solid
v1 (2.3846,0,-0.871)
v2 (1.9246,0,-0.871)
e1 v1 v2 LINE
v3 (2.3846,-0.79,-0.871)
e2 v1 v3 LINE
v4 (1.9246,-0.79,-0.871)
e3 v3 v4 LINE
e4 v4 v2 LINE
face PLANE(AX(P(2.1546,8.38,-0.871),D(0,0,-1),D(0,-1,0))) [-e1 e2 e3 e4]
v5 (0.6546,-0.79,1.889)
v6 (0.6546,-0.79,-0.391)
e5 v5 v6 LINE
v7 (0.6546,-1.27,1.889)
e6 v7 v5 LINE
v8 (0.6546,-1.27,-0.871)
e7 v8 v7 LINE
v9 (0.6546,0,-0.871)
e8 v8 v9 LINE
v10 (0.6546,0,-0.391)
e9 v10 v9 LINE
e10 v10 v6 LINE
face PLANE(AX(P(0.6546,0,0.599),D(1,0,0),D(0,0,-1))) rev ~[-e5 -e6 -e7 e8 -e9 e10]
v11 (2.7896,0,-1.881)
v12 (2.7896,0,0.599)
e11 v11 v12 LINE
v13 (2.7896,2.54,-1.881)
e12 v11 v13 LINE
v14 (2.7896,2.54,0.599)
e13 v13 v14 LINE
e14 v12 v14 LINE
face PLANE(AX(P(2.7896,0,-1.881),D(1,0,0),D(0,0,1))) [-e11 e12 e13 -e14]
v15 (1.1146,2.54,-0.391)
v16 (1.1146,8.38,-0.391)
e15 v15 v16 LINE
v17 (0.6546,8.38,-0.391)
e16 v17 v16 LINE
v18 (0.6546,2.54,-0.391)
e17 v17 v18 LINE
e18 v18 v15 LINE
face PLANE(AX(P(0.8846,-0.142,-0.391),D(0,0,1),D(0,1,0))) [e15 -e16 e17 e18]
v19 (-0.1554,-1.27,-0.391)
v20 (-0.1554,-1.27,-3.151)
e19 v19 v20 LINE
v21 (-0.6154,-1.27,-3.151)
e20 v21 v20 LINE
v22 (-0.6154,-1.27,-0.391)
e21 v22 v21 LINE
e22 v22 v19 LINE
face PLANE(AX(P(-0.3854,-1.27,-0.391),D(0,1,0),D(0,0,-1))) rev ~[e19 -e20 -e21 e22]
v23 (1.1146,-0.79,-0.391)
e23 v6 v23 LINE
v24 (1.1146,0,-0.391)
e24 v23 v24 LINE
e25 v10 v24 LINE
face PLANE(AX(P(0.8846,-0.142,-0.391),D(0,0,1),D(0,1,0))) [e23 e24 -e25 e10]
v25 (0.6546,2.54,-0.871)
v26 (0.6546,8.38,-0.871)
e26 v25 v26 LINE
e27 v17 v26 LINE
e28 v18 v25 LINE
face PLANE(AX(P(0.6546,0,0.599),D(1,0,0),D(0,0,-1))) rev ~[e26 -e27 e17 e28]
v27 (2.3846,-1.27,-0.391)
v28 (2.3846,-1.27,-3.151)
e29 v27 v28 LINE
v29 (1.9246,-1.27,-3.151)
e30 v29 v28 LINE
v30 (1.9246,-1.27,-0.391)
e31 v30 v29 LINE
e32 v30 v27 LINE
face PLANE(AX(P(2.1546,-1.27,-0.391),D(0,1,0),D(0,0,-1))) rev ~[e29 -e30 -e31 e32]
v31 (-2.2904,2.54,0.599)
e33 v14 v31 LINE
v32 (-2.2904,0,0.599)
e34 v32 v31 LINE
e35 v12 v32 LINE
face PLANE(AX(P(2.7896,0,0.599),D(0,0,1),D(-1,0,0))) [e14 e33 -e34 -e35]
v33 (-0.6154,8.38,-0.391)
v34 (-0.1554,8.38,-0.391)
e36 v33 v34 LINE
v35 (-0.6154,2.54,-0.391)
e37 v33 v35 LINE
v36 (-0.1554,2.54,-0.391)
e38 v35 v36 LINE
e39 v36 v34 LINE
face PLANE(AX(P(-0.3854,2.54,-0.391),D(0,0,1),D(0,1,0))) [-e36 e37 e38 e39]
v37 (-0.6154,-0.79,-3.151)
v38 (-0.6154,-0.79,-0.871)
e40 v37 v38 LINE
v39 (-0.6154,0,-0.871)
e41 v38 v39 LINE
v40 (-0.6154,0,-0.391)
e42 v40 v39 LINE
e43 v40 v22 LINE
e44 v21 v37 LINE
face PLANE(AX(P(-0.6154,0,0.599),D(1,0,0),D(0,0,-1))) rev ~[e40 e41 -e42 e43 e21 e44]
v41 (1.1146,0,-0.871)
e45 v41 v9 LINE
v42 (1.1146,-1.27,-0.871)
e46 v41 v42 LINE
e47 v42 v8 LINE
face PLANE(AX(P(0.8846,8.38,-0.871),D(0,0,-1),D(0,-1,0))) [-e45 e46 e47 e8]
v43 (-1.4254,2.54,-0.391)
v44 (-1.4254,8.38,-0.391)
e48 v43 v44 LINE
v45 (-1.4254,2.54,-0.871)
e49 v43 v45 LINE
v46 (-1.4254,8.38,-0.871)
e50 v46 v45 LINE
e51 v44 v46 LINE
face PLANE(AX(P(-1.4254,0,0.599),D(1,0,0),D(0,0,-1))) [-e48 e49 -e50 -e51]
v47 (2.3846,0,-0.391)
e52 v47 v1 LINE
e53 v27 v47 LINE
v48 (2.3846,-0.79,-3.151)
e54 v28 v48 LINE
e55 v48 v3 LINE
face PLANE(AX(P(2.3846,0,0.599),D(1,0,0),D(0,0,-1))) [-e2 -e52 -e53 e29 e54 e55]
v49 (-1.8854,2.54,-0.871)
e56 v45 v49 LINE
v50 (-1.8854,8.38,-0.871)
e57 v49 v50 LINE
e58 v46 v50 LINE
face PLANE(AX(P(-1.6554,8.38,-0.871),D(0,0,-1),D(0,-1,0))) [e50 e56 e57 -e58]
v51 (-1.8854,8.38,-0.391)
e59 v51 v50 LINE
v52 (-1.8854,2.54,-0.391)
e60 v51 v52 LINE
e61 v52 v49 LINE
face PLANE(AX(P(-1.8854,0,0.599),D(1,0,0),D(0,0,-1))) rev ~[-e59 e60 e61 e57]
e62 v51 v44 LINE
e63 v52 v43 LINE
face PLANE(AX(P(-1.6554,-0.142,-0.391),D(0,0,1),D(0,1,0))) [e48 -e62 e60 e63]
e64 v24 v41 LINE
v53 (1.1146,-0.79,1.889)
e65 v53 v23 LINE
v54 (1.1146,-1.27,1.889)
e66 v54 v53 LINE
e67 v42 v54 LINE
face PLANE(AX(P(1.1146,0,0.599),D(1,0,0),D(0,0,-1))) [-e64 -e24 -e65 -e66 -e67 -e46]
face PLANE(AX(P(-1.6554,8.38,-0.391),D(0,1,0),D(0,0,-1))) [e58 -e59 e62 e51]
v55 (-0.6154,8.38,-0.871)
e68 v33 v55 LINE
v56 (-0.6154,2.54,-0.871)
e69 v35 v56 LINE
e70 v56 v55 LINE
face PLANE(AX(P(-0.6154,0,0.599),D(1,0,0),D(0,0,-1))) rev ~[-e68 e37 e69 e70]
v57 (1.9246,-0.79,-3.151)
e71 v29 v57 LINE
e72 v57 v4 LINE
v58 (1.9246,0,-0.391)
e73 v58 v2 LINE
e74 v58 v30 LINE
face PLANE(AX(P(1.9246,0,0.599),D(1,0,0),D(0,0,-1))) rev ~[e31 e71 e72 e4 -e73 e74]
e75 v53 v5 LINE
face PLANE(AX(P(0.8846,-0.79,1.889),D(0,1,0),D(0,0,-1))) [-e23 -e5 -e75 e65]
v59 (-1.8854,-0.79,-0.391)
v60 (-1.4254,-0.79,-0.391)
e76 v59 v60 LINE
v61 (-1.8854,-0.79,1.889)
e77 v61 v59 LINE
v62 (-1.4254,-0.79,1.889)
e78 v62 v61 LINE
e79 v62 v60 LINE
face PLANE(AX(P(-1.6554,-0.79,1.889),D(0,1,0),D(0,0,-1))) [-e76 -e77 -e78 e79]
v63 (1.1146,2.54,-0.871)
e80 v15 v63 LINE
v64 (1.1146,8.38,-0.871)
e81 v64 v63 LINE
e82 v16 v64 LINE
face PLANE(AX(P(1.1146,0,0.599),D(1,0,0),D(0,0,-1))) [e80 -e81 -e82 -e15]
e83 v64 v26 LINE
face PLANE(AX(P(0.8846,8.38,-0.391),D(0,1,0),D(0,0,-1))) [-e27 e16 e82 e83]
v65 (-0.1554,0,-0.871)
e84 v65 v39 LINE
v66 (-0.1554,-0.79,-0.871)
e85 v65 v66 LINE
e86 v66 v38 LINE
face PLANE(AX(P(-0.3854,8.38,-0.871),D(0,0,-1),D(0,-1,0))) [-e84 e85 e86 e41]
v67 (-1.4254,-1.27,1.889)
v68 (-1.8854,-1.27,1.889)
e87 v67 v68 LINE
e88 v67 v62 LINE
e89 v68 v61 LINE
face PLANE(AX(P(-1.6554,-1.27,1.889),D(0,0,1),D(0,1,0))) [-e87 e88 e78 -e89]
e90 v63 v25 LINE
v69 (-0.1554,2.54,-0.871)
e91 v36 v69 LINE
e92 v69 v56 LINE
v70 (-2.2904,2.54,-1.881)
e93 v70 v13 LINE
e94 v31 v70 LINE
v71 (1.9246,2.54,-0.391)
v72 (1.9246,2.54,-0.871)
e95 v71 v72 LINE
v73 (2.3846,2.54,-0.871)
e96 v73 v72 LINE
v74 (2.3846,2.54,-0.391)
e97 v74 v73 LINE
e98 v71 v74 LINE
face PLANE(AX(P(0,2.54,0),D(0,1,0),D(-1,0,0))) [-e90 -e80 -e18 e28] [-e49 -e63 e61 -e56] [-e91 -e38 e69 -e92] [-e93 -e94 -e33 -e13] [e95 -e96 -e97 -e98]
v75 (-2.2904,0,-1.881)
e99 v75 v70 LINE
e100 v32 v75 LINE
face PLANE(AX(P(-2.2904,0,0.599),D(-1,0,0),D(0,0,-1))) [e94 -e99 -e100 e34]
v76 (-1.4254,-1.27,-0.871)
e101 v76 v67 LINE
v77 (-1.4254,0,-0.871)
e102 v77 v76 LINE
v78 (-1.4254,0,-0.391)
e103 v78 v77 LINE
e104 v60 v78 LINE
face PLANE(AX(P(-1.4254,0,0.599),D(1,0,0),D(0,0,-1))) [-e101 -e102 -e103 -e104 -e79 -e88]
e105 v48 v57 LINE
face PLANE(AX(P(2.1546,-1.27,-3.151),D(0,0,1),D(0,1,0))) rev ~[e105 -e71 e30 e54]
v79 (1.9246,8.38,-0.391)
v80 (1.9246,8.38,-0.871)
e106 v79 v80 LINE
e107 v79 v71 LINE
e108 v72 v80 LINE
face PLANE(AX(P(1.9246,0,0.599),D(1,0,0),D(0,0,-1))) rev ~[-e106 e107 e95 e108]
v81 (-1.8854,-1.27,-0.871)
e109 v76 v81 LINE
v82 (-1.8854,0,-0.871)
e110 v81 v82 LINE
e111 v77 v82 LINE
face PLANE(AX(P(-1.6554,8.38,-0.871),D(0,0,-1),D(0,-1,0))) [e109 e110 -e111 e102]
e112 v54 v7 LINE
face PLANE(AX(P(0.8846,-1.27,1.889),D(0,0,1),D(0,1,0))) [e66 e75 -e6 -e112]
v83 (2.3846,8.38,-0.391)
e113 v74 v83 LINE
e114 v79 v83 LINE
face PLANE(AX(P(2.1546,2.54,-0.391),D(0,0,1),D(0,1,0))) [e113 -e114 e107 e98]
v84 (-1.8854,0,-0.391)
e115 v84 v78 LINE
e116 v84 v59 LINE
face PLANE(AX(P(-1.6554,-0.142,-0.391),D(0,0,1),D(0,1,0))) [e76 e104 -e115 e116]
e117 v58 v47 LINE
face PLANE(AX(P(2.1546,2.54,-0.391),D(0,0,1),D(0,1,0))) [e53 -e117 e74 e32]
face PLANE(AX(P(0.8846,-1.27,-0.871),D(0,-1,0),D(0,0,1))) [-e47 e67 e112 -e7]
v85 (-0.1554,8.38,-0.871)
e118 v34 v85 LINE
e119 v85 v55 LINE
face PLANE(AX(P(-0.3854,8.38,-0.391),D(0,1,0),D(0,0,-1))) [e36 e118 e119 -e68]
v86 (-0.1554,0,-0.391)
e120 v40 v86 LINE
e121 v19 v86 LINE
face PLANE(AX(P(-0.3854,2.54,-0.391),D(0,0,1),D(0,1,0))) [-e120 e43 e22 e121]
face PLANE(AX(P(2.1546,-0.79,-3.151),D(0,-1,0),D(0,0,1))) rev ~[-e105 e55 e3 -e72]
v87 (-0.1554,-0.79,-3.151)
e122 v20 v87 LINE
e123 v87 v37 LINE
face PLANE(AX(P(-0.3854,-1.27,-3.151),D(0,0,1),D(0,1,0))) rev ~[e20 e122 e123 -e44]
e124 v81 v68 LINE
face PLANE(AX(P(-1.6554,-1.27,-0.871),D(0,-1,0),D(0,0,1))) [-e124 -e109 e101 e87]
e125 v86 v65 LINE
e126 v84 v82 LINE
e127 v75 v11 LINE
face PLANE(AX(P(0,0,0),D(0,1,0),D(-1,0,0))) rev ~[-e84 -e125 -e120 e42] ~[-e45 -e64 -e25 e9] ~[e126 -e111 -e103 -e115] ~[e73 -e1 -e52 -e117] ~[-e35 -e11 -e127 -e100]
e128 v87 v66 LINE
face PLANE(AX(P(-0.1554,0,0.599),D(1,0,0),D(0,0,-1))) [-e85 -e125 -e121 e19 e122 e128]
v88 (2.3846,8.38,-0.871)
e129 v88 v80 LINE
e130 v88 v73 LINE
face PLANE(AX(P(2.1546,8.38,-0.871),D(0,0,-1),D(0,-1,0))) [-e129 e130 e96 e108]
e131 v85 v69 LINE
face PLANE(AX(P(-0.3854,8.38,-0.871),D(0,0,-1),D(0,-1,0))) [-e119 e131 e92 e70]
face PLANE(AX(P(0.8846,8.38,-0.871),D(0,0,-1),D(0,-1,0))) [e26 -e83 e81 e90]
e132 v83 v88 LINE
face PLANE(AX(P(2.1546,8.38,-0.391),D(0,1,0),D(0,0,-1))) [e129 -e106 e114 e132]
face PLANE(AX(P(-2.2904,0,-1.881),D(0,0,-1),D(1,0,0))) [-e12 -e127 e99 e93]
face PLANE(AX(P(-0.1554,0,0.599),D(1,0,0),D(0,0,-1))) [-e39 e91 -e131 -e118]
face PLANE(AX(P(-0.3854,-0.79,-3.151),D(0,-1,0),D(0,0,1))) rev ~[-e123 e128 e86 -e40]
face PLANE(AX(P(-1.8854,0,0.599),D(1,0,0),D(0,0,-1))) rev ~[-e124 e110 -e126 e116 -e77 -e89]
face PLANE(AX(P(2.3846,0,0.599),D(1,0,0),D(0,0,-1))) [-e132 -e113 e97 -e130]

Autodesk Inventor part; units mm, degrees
ref_plane "YZ Plane" through (0, 0, 0) normal (1, 0, 0) x (0, 1, 0)
sketch "Sketch1" plane through (0, 0, 0) normal (0, 1, 0) x (-1, 0, 0)
  line L0 (-2.7896, 0.599) -> (2.2904, 0.599)
  line L1 (2.2904, 0.599) -> (2.2904, -1.881)
  line L2 (2.2904, -1.881) -> (-2.7896, -1.881)
  line L3 (-2.7896, -1.881) -> (-2.7896, 0.599)
  point P0 (0, 0)
  dimension "d0" = 5.08
  dimension "d1" = 2.48
extrude "Extrusion1" add sketch "Sketch1" along normal blind 2.54
ref_plane "Work Plane1" through (2.1546, 0, 0.599) normal (1, 0, 0) x (0, 0, -1)
sketch "Sketch2" plane through (2.1546, 0, 0.599) normal (1, 0, 0) x (0, 0, -1)
  line L0 (0.99, 8.38) -> (1.47, 8.38)
  line L1 (1.47, 8.38) -> (1.47, -0.79)
  line L2 (0.99, -0.142) -> (0.99, 8.38)
  line L3 (3.75, -0.79) -> (1.47, -0.79)
  line L4 (0.99, -0.142) -> (0.99, -1.27)
  line L5 (0.99, -1.27) -> (3.75, -1.27)
  line L6 (3.75, -1.27) -> (3.75, -0.79)
  line L7 (0, 2.54) -> (2.48, 2.54) projected
  line L8 (2.48, 0) -> (0, 0) projected
  line L9 (2.48, 0) -> (2.48, 2.54) projected
  point P0 (0.599, 0)
  dimension "d5" = 0.48
  dimension "d6" = 0.48
  dimension "d7" = 5.84
  dimension "d8" = 1.27
  dimension "d9" = 1.01
  dimension "d10" = 1.27
extrude "Extrusion2" add sketch "Sketch2" along normal mid plane 0.46 contours L0 L1 L7 L2 | L7 L1 L8 L2 | L8 L1 L3 L6 L5 L4 L2
pattern_linear "Rectangular Pattern1" count 2 spacing 2.54 along (-1, 0, 0) of "Extrusion2"
ref_plane "Work Plane2" through (0.8846, 0, 0.599) normal (1, 0, 0) x (0, 0, -1)
sketch "Sketch3" plane through (0.8846, 0, 0.599) normal (1, 0, 0) x (0, 0, -1)
  line L0 (0.99, 8.38) -> (1.47, 8.38)
  line L1 (1.47, 8.38) -> (1.47, -0.79)
  line L2 (0.99, -0.142) -> (0.99, 8.38)
  line L3 (0.99, -0.142) -> (0.99, -0.79)
  line L4 (1.47, 8.38) -> (0.99, 8.38)
  line L5 (0.99, 8.38) -> (0.99, -0.79)
  line L6 (1.47, -0.142) -> (1.47, 8.38)
  line L7 (-1.29, -0.79) -> (0.99, -0.79)
  line L8 (1.47, -0.142) -> (1.47, -1.27)
  line L9 (1.47, -1.27) -> (-1.29, -1.27)
  line L10 (-1.29, -1.27) -> (-1.29, -0.79)
  point P0 (0.599, 0)
  dimension "d18" = 0.48
extrude "Extrusion3" add sketch "Sketch3" along normal mid plane 0.46
pattern_linear "Rectangular Pattern2" count 2 spacing 2.54 along (-1, 0, 0) of "Extrusion3"
properties part number "Header_127"
